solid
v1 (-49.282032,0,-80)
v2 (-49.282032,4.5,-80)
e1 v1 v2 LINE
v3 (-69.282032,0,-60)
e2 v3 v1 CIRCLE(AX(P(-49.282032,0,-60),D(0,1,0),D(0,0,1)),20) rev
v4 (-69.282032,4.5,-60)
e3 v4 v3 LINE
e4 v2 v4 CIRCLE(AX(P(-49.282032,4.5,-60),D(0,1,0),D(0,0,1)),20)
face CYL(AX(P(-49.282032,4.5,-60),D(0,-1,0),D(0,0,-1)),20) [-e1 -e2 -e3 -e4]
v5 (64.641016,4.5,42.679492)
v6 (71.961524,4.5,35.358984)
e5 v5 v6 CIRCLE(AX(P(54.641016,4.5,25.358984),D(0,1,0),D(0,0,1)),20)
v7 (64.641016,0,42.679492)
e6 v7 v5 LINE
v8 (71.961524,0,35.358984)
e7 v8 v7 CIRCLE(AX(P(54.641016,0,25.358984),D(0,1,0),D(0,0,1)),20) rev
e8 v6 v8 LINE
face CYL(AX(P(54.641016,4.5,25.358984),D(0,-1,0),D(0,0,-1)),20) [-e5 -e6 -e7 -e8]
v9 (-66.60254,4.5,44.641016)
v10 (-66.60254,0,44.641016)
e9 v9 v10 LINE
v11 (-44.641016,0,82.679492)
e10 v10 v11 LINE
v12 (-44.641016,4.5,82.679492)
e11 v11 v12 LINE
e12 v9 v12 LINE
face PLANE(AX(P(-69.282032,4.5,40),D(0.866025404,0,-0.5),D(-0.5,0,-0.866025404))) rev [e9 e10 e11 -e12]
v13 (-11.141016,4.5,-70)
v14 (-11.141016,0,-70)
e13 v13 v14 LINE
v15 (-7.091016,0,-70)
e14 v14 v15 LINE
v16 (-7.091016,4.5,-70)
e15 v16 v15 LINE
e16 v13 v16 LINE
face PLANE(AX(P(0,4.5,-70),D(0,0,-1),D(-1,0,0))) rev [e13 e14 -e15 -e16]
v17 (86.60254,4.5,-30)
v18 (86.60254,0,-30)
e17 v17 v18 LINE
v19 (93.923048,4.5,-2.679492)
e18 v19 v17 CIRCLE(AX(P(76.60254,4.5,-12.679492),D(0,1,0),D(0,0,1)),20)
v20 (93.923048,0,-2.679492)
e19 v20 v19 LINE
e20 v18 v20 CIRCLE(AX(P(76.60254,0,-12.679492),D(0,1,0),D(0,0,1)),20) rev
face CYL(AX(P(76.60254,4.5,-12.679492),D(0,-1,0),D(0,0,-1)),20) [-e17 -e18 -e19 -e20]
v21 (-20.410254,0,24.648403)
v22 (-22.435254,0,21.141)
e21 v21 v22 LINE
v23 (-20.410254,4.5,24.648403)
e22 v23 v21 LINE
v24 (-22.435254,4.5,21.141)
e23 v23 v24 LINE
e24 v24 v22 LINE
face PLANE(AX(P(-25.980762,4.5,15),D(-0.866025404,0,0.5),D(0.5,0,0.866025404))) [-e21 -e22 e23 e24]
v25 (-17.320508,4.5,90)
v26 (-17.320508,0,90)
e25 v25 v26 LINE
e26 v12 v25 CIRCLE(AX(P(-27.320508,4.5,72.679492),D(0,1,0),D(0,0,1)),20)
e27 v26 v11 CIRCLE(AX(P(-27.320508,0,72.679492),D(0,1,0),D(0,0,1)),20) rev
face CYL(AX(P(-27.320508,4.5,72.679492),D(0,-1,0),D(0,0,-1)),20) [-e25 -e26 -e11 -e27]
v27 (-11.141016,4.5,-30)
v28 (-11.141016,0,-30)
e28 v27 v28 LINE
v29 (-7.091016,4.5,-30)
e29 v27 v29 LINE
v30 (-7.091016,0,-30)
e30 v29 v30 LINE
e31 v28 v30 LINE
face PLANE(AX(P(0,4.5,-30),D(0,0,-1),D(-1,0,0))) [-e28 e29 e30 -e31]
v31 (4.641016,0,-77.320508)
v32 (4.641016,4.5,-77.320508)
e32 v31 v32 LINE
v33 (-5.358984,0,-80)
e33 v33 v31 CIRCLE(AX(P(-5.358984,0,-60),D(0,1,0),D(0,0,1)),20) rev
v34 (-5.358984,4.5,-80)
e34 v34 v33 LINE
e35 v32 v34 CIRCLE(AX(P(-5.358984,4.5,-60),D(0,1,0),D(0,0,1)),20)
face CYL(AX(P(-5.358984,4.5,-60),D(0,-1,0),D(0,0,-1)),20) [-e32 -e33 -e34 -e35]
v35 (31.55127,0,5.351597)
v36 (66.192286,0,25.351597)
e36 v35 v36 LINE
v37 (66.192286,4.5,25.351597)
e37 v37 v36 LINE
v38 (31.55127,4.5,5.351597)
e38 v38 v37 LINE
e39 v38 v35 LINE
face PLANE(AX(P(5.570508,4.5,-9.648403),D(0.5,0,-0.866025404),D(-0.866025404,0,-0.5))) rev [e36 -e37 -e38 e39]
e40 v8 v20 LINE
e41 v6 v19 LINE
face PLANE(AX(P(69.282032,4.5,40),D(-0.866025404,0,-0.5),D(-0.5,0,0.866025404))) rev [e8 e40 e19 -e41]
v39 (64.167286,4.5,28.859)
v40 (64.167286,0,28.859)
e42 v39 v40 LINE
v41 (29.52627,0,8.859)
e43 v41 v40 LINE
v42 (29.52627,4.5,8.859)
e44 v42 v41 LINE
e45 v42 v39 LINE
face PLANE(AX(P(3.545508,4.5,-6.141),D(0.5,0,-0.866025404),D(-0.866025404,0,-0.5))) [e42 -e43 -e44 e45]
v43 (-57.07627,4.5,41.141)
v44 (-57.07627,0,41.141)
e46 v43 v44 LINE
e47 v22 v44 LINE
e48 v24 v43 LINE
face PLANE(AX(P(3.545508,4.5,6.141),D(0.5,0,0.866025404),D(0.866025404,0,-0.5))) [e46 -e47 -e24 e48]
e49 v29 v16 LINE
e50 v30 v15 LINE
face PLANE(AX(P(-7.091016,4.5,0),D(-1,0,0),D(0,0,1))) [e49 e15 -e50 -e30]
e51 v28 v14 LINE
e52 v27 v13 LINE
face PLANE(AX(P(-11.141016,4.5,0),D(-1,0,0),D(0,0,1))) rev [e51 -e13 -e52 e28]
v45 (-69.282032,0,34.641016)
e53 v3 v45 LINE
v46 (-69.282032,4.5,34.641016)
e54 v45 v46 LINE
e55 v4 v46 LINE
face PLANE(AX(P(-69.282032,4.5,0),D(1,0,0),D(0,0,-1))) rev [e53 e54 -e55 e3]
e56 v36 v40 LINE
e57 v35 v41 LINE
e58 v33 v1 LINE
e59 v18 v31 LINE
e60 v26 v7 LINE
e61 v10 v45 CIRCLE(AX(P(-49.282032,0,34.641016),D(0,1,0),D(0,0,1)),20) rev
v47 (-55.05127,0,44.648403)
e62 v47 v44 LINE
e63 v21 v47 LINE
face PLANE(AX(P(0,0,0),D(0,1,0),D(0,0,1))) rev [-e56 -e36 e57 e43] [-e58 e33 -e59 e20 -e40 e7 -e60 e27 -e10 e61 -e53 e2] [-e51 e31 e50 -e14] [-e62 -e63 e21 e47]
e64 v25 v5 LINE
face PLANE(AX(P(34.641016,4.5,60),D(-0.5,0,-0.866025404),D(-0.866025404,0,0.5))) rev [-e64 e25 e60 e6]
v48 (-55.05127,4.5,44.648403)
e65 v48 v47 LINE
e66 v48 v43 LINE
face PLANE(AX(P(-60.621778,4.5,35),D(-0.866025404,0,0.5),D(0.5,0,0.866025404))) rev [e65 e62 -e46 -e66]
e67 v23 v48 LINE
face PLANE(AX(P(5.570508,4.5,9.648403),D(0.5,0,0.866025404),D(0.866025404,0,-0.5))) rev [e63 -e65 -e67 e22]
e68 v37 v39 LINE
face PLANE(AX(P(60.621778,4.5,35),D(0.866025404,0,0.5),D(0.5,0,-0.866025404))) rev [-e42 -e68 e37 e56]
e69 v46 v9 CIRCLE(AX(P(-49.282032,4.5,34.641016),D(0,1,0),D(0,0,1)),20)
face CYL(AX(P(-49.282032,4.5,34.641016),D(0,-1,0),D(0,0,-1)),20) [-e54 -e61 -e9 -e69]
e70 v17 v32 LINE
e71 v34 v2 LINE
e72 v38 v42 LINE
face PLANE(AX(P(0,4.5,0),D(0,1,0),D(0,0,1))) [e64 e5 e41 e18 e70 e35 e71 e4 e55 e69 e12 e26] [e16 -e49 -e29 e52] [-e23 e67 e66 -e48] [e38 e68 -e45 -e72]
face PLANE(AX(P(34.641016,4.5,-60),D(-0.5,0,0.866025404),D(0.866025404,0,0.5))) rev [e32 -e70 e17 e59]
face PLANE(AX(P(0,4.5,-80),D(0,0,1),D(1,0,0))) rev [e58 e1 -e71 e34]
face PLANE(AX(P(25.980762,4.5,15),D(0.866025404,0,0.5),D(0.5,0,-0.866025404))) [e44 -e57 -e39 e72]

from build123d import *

# Parameters (mm, degrees)
SKETCH1_W           = 4.05
SKETCH1_H           = 40
BOSS_EXTRUDE1_DEPTH = 4.5
FILLET1_R           = 20


with BuildPart() as part:
    # Sketch1 → Boss-Extrude1 (new body)
    with BuildSketch(Plane(origin=(0, 0, 0), x_dir=(1, 0, 0), z_dir=(0, 1, 0))):
        Polygon((103.923048454, 20), (0, 80), (-69.282032303, 80), (-69.282032303, -40), (-34.641016151, -100), (69.282032303, -40), align=None)
        with Locations((-9.116016151, 50)):
            Rectangle(SKETCH1_W, SKETCH1_H, mode=Mode.SUBTRACT)
        Polygon((29.526270189, -8.858999874), (31.551270189, -5.351596989), (66.192286341, -25.351596989), (64.167286341, -28.858999874), align=None, mode=Mode.SUBTRACT)
        Polygon((-22.435254038, -21.141000126), (-20.410254038, -24.648403011), (-55.051270189, -44.648403011), (-57.076270189, -41.141000126), align=None, mode=Mode.SUBTRACT)
    extrude(amount=BOSS_EXTRUDE1_DEPTH)

    # Fillet1
    fillet1_edges = [part.edges().sort_by_distance(p)[0] for p in [
        (-69.282032303, 2.25, -80),
        (103.923048454, 2.25, -20),
        (-34.641016151, 2.25, 100),
        (69.282032303, 2.25, 40),
        (0, 2.25, -80),
        (-69.282032303, 2.25, 40),
    ]]
    fillet(fillet1_edges, radius=FILLET1_R)


solid = part.part
